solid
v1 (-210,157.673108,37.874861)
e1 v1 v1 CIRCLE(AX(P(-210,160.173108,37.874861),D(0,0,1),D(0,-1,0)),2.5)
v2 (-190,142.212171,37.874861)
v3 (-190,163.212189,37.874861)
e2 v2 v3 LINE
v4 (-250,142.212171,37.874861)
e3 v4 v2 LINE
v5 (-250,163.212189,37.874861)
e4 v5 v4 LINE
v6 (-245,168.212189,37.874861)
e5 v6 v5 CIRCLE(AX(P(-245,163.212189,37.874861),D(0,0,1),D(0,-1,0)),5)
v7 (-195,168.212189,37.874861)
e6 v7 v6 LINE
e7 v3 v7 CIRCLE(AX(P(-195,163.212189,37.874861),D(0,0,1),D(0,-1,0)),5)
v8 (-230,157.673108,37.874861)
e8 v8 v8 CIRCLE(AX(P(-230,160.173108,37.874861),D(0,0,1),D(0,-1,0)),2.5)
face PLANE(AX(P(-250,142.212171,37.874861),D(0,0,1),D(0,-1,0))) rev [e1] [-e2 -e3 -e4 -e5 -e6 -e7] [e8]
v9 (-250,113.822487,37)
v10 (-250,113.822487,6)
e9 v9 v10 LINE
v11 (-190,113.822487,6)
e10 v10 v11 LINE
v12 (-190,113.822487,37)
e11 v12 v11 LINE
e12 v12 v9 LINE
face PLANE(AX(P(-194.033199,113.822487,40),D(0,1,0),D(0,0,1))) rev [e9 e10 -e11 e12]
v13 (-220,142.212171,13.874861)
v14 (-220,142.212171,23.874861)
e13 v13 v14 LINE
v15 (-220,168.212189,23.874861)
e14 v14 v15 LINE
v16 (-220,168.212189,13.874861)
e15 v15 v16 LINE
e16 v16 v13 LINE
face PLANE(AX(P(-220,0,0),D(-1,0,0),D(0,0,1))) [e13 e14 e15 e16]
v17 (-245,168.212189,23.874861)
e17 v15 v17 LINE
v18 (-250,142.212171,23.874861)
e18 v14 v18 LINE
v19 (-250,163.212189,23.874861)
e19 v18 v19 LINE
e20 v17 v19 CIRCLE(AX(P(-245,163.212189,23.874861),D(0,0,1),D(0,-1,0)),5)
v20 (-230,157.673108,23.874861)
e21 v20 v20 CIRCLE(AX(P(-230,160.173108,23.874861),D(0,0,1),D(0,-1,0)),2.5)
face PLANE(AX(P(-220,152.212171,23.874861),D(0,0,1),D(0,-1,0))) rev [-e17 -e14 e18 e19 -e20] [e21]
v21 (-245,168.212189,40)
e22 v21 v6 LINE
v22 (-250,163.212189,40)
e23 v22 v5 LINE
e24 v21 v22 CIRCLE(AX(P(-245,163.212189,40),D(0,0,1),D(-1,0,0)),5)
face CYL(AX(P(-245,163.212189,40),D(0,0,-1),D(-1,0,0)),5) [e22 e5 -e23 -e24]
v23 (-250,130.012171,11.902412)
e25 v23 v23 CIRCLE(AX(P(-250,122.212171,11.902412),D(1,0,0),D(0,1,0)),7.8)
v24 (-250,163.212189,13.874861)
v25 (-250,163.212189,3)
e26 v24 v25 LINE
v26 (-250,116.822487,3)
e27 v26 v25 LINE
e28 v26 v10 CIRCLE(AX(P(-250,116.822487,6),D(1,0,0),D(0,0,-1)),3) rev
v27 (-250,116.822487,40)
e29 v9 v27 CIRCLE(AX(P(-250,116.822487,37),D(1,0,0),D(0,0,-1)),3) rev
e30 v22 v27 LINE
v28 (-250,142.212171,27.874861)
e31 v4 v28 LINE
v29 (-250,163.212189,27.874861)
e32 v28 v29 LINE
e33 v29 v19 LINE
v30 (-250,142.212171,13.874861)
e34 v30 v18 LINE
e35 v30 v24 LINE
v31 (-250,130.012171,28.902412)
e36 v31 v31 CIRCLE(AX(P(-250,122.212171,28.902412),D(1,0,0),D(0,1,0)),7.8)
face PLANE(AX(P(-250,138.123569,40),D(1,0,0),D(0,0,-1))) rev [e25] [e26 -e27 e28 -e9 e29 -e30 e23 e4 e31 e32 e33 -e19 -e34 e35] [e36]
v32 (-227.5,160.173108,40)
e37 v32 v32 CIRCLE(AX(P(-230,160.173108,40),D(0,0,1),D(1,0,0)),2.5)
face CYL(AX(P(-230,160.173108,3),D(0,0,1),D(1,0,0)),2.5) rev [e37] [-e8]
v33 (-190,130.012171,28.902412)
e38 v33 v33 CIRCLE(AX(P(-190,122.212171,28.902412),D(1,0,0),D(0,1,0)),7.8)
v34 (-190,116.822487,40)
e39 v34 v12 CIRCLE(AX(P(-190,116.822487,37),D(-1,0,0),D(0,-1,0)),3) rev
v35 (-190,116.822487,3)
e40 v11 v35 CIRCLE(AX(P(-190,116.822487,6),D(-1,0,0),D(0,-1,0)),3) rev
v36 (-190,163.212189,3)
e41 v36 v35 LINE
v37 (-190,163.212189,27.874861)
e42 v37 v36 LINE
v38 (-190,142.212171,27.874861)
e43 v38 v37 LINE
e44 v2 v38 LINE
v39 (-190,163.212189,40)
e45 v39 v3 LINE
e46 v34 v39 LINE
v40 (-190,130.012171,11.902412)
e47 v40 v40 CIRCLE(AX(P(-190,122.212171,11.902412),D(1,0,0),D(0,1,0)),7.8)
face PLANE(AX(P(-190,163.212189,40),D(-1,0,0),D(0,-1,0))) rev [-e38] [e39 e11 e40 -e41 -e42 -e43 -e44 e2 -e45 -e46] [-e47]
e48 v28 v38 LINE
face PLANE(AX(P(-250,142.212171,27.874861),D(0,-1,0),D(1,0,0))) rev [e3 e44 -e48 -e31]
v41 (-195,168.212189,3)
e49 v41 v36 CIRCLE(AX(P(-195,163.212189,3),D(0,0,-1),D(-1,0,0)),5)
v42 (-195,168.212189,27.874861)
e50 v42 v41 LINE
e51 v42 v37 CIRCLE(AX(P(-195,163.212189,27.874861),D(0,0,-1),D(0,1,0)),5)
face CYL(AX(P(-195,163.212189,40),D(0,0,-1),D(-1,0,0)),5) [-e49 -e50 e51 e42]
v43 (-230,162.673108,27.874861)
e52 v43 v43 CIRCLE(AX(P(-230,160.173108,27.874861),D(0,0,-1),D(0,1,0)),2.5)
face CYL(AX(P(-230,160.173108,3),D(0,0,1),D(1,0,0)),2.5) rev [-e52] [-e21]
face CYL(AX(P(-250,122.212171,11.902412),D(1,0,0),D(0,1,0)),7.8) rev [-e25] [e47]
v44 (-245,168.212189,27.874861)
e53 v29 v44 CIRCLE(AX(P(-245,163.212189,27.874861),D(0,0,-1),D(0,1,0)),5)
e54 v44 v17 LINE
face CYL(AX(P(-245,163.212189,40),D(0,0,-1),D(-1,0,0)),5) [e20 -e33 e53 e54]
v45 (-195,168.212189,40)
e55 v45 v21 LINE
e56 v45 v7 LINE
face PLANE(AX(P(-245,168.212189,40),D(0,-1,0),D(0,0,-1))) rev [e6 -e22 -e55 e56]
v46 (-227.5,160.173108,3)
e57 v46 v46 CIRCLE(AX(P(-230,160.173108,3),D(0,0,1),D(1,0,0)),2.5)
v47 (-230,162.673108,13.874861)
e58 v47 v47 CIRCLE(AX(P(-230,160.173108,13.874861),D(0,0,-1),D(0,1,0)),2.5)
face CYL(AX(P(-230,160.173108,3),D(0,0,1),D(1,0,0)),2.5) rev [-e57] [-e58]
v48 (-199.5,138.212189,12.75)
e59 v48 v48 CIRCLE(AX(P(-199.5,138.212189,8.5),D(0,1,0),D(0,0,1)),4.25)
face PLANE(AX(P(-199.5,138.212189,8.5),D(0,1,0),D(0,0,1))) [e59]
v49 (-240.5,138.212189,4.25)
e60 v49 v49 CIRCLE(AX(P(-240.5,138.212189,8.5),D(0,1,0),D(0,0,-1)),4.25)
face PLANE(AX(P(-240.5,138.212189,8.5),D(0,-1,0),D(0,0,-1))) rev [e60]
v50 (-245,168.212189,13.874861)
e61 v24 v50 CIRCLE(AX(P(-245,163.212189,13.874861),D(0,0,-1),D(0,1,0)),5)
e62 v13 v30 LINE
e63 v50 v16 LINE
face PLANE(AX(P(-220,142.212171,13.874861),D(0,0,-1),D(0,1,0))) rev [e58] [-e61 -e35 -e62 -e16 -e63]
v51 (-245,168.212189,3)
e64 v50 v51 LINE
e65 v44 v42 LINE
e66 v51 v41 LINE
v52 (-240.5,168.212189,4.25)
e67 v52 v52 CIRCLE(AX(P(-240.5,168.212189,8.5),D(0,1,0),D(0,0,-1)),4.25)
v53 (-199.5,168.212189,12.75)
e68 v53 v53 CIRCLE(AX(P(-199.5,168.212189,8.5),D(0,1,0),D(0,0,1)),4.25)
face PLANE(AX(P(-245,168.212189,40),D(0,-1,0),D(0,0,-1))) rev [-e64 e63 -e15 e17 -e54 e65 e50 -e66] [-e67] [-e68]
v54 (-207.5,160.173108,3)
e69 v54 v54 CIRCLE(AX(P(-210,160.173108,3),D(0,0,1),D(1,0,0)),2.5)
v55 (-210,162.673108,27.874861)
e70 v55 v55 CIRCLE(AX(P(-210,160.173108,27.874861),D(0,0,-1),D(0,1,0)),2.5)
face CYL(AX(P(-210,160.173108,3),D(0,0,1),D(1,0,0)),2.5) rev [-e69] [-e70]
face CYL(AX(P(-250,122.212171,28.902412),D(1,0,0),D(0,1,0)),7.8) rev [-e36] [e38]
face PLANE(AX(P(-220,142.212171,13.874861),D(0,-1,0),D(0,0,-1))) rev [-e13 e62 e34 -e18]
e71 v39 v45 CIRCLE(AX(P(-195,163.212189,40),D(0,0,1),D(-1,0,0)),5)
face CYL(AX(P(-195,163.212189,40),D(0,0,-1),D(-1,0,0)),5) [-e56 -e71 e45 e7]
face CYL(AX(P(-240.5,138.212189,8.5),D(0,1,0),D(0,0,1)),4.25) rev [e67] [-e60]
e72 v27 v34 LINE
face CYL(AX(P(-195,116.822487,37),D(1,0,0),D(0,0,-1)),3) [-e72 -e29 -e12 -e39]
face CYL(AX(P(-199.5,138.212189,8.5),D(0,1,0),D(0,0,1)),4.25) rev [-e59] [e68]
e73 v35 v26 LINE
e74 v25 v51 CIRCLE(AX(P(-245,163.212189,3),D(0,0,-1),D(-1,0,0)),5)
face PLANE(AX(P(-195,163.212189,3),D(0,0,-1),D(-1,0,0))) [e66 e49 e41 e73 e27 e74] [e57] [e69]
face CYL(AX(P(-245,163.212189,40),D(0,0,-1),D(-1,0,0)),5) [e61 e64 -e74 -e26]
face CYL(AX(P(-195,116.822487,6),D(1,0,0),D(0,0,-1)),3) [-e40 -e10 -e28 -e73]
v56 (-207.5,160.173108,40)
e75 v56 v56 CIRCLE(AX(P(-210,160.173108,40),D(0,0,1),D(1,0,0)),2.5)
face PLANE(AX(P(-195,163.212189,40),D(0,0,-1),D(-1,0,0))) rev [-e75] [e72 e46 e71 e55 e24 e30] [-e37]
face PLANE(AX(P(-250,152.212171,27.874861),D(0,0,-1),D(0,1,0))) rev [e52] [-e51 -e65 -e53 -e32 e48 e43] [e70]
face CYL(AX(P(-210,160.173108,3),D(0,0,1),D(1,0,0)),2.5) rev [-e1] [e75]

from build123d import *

# Parameters (mm, degrees)
RESSALTO_EXTRUS_O1_DEPTH = 40
ESBO_O4_R                = 7.8
CORTE_EXTRUS_O1_DEPTH    = 61
CORTE_EXTRUS_O2_DEPTH    = 3
FILETE2_R                = 3
CORTE_EXTRUS_O4_DEPTH    = 61
CORTE_EXTRUS_O5_DEPTH    = 30
ESBO_O10_R               = 2.5
CORTE_EXTRUS_O6_DEPTH    = 38
ESBO_O11_R               = 4.25
CORTE_EXTRUS_O7_DEPTH    = 30


with BuildPart() as part:
    # Esboço2 → Ressalto-extrusão1 (new body)
    with BuildSketch(Plane.XY):
        with BuildLine():
            Line((-246.218768802, 113.822486613), (-237.781231198, 113.822486613))
            Line((-237.781231198, 113.822486613), (-201.966801004, 113.822486613))
            Line((-201.966801004, 113.822486613), (-194.033198996, 113.822486613))
            Line((-194.033198996, 113.822486613), (-190, 113.822486613))
            Line((-190, 113.822486613), (-190, 138.123568891))
            Line((-190, 138.123568891), (-190, 163.212189341))
            ThreePointArc((-190, 163.212189341), (-191.464466094, 166.747723246), (-195, 168.212189341))
            Line((-195, 168.212189341), (-245, 168.212189341))
            ThreePointArc((-245, 168.212189341), (-248.535533906, 166.747723246), (-250, 163.212189341))
            Line((-250, 163.212189341), (-250, 138.123568891))
            Line((-250, 138.123568891), (-250, 113.822486613))
            Line((-250, 113.822486613), (-246.218768802, 113.822486613))
        make_face()
    extrude(amount=RESSALTO_EXTRUS_O1_DEPTH)

    # Esboço4 → Corte-extrusão1 (cut, through all)
    with BuildSketch(Plane(origin=(-190, 0, 0), x_dir=(0, 0, -1), z_dir=(1, 0, 0))):
        with Locations((-11.90241208, 122.212171493)):
            Circle(ESBO_O4_R)
        with Locations((-28.90241208, 122.212171493)):
            Circle(ESBO_O4_R)
    extrude(amount=-CORTE_EXTRUS_O1_DEPTH, mode=Mode.SUBTRACT)

    # Esboço5 → Corte-extrusão2 (cut)
    with BuildSketch(Plane(origin=(0, 0, 0), x_dir=(-1, 0, 0), z_dir=(0, 0, -1))):
        with BuildLine():
            Line((190, 163.212189341), (190, 113.822486613))
            Line((190, 113.822486613), (250, 113.822486613))
            Line((250, 113.822486613), (250, 163.212189341))
            ThreePointArc((250, 163.212189341), (248.535533906, 166.747723246), (245, 168.212189341))
            Line((245, 168.212189341), (195, 168.212189341))
            ThreePointArc((195, 168.212189341), (191.464466094, 166.747723246), (190, 163.212189341))
        make_face()
    extrude(amount=-CORTE_EXTRUS_O2_DEPTH, mode=Mode.SUBTRACT)

    # Filete2
    filete2_edges = [part.edges().sort_by_distance(p)[0] for p in [
        (-220, 113.822486613, 40),
        (-220, 113.822486613, 3),
    ]]
    fillet(filete2_edges, radius=FILETE2_R)

    # Esboço7 → Corte-extrusão4 (cut, through all)
    with BuildSketch(Plane(origin=(-190, 0, 0), x_dir=(0, 0, -1), z_dir=(1, 0, 0))):
        Polygon((-37.874860756, 142.212171493), (-37.874860756, 152.212171493), (-37.874860756, 170.639409053), (-27.874860756, 170.639409053), (-27.874860756, 152.212171493), (-27.874860756, 142.212171493), align=None)
    extrude(amount=-CORTE_EXTRUS_O4_DEPTH, mode=Mode.SUBTRACT)

    # Esboço8 → Corte-extrusão5 (cut)
    with BuildSketch(Plane.ZY.offset(250)):
        Polygon((23.874860756, 142.212171493), (23.874860756, 152.212171493), (23.874860756, 182.191519565), (13.874860756, 182.191519565), (13.874860756, 152.212171493), (13.874860756, 142.212171493), align=None)
    extrude(amount=-CORTE_EXTRUS_O5_DEPTH, mode=Mode.SUBTRACT)

    # Esboço10 → Corte-extrusão6 (cut, through all)
    with BuildSketch(Plane.XY.offset(40)):
        with Locations((-210, 160.173107934)):
            Circle(ESBO_O10_R)
        with Locations((-230, 160.173107934)):
            Circle(ESBO_O10_R)
    extrude(amount=-CORTE_EXTRUS_O6_DEPTH, mode=Mode.SUBTRACT)

    # Esboço11 → Corte-extrusão7 (cut)
    with BuildSketch(Plane(origin=(0, 168.212189341, 0), x_dir=(1, 0, 0), z_dir=(0, 1, 0))):
        with Locations((-199.5, -8.5)):
            Circle(ESBO_O11_R)
        with Locations((-240.5, -8.5)):
            Circle(ESBO_O11_R)
    extrude(amount=-CORTE_EXTRUS_O7_DEPTH, mode=Mode.SUBTRACT)


solid = part.part
